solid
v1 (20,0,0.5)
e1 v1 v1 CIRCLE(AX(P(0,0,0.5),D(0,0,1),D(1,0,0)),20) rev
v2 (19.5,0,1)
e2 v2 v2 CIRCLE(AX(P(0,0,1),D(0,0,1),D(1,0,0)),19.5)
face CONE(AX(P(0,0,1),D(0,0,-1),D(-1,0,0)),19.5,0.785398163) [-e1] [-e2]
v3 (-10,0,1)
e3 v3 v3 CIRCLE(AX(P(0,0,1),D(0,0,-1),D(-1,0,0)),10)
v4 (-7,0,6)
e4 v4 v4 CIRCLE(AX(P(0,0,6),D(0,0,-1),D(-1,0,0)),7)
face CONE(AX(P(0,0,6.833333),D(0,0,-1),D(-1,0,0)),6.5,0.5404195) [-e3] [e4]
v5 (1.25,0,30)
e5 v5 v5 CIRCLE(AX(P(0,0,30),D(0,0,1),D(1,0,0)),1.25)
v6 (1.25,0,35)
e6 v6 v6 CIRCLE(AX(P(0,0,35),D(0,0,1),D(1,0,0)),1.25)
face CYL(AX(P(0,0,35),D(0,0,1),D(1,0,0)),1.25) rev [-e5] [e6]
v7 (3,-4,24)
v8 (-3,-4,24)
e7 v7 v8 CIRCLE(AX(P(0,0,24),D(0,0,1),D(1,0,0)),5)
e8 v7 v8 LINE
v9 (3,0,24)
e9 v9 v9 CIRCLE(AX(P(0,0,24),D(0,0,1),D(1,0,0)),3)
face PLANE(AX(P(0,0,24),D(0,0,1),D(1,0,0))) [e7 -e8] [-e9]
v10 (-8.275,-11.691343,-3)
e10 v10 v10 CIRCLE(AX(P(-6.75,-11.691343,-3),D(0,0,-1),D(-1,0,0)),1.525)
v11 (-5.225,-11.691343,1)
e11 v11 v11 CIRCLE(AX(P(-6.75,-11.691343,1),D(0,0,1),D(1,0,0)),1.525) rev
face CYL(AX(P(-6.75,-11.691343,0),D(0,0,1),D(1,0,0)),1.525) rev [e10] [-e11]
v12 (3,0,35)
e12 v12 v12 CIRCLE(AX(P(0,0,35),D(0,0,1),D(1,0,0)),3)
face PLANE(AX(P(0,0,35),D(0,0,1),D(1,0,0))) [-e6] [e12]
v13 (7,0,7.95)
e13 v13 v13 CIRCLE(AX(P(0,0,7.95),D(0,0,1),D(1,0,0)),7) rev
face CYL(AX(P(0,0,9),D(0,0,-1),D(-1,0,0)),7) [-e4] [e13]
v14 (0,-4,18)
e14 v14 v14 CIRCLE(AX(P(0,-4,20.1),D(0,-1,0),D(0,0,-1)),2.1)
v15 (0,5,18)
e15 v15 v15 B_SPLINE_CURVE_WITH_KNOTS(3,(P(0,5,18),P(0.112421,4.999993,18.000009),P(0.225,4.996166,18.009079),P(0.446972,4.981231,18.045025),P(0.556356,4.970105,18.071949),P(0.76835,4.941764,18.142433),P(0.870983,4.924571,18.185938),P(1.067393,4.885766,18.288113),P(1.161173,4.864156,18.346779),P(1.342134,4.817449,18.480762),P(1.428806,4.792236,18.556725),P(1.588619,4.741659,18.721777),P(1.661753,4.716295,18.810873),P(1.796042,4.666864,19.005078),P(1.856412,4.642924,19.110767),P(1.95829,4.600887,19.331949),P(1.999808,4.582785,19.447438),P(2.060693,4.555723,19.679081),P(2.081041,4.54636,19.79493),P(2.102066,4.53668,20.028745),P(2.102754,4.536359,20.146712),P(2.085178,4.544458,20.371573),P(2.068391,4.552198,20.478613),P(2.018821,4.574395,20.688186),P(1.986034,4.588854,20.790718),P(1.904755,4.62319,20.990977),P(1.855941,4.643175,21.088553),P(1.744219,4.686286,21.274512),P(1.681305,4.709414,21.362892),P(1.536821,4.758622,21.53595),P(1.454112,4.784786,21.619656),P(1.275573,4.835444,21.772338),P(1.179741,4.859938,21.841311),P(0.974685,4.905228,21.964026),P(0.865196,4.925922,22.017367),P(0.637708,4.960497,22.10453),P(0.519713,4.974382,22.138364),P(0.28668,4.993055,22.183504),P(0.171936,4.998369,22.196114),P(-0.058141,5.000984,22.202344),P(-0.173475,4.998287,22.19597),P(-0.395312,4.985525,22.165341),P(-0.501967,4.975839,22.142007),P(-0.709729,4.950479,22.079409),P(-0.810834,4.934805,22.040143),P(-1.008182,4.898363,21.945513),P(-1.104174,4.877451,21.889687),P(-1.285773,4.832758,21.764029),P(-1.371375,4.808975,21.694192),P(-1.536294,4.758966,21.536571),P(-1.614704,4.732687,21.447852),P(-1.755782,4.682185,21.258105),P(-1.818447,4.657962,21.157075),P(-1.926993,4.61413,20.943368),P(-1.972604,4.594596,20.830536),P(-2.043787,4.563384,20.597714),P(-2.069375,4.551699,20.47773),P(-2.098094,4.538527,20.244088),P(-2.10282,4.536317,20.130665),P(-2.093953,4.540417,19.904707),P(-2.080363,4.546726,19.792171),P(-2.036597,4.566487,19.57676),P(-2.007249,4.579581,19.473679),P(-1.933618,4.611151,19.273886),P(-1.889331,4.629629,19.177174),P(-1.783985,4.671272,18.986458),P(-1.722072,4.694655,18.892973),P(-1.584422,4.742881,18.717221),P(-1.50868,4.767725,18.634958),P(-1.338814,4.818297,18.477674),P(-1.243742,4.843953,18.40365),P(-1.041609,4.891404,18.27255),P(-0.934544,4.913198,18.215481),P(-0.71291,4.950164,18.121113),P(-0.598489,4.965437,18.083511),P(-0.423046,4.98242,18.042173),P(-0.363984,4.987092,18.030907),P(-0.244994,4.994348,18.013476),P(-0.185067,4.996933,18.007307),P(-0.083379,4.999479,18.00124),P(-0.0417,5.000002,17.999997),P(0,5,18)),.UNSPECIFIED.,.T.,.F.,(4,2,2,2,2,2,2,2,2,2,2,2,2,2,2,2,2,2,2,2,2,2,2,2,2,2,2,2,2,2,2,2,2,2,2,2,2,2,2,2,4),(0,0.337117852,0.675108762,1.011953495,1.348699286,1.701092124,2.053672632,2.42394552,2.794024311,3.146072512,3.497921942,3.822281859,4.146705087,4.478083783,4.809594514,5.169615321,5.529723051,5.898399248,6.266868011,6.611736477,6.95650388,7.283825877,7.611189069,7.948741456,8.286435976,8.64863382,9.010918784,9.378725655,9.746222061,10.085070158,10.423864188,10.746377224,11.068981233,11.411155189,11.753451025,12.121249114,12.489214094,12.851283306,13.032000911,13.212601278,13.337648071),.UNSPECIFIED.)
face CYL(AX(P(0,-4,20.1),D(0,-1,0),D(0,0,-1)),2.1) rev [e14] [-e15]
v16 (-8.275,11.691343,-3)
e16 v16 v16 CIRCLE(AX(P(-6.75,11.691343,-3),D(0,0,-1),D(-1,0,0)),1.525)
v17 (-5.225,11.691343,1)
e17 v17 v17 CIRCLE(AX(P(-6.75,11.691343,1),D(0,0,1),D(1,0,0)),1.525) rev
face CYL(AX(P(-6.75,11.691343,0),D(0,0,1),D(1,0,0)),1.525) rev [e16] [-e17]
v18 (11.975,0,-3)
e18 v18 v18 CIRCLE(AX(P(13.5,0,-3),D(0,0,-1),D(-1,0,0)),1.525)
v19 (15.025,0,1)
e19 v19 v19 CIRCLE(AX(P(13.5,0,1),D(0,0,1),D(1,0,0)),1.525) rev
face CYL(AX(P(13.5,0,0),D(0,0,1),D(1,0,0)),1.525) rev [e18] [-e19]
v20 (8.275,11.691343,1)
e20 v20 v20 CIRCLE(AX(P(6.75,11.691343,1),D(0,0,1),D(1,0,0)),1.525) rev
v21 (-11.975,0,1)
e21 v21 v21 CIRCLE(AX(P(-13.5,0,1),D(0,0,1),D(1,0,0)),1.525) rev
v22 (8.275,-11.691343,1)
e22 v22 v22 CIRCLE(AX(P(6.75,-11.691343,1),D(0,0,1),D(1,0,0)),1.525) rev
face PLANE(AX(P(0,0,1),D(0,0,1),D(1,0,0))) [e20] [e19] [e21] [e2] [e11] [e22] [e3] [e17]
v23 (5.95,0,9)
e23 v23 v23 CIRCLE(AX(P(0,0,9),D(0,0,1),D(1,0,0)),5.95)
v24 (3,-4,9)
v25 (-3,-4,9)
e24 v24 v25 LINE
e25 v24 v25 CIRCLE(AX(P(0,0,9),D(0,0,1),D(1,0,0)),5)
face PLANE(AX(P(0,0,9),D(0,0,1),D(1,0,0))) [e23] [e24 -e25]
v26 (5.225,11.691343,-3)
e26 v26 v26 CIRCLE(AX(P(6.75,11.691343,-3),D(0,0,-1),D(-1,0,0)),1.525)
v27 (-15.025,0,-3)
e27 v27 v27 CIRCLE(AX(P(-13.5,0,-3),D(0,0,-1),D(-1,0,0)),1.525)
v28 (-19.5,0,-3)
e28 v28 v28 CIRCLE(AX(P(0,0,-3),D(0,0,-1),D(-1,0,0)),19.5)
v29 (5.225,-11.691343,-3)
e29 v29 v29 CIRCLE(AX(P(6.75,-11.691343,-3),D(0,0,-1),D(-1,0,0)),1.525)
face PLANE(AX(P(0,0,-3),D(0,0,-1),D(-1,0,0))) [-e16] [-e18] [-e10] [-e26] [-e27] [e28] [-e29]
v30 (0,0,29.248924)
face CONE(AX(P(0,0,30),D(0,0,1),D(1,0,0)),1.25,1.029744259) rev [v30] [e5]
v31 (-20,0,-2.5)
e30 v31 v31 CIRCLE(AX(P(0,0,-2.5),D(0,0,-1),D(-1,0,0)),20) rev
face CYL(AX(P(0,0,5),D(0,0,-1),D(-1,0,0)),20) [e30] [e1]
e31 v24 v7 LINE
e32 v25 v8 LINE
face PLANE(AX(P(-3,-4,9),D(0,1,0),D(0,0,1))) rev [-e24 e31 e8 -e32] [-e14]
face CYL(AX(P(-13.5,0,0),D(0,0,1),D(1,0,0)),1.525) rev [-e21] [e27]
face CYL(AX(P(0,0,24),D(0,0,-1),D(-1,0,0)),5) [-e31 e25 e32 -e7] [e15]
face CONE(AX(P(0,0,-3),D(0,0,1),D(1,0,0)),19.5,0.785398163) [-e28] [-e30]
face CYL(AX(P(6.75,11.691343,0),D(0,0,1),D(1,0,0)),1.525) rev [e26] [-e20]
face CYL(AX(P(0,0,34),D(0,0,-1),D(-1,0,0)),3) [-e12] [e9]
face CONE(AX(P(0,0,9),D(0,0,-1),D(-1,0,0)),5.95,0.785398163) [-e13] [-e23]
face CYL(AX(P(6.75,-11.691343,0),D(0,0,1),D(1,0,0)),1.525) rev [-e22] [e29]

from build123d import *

# Parameters (mm, degrees)
SKETCH_1_R             = 20
EXTRUDE_1_DEPTH        = 5
SKETCH_2_R             = 1.525
CUT_EXTRUDE_1_DEPTH    = 5
SKETCH_3_R             = 7
EXTRUDE_2_DEPTH        = 4
SKETCH_4_R             = 5
EXTRUDE_3_DEPTH        = 15
CHAMFER_2_SIZE         = 1.05
CUT_EXTRUDE_2_DEPTH    = 15
SKETCH_7_R             = 3
EXTRUDE_4_DEPTH        = 10
SKETCH_8_R             = 20
SKETCH_8_R_2           = 7
CUT_EXTRUDE_3_DEPTH    = 1
SKETCH_9_R             = 20
SKETCH_9_R_2           = 1.525
EXTRUDE_5_DEPTH        = 3
SKETCH_10_R            = 20
SKETCH_10_R_2          = 7
CUT_EXTRUDE_4_DEPTH    = 3
SKETCH_11_R            = 3
EXTRUDE_6_DEPTH        = 1
HOLE_WIZARD_M3_1_D     = 2.5
HOLE_WIZARD_M3_1_DEPTH = 5
HOLE_WIZARD_M3_1_TIP   = 0.751075774
CHAMFER_3_SIZE         = 0.5
HOLE_WIZARD_M5_1_D     = 4.2
CHAMFER_4_SIZE         = 1


with BuildPart() as part:
    # 草图1 → 凸台-拉伸1 (new body)
    with BuildSketch(Plane.XY):
        Circle(SKETCH_1_R)
    extrude(amount=EXTRUDE_1_DEPTH)

    # 草图2 → 切除-拉伸1 (cut)
    with BuildSketch(Plane.XY.offset(5)):
        with Locations((13.5, 0)):
            Circle(SKETCH_2_R)
        with Locations((6.75, -11.691342951)):
            Circle(SKETCH_2_R)
        with Locations((-6.75, -11.691342951)):
            Circle(SKETCH_2_R)
        with Locations((-13.5, 0)):
            Circle(SKETCH_2_R)
        with Locations((-6.75, 11.691342951)):
            Circle(SKETCH_2_R)
        with Locations((6.75, 11.691342951)):
            Circle(SKETCH_2_R)
    extrude(amount=-CUT_EXTRUDE_1_DEPTH, mode=Mode.SUBTRACT)

    # 草图3 → 凸台-拉伸2 (add)
    with BuildSketch(Plane.XY.offset(5)):
        Circle(SKETCH_3_R)
    extrude(amount=EXTRUDE_2_DEPTH)

    # 草图4 → 凸台-拉伸3 (add)
    with BuildSketch(Plane.XY.offset(9)):
        Circle(SKETCH_4_R)
    extrude(amount=EXTRUDE_3_DEPTH)

    # 倒角2
    chamfer_2_edges = [part.edges().sort_by_distance(p)[0] for p in [
        (-7, 0, 9),
    ]]
    chamfer(chamfer_2_edges, length=CHAMFER_2_SIZE)

    # 草图6 → 切除-拉伸2 (cut)
    with BuildSketch(Plane.XY.offset(24)):
        with BuildLine():
            Line((-3, -4), (3, -4))
            ThreePointArc((3, -4), (0, -5), (-3, -4))
        make_face()
    extrude(amount=-CUT_EXTRUDE_2_DEPTH, mode=Mode.SUBTRACT)

    # 草图7 → 凸台-拉伸4 (add)
    with BuildSketch(Plane.XY.offset(24)):
        Circle(SKETCH_7_R)
    extrude(amount=EXTRUDE_4_DEPTH)

    # 草图8 → 切除-拉伸3 (cut)
    with BuildSketch(Plane.XY.offset(5)):
        Circle(SKETCH_8_R)
        Circle(SKETCH_8_R_2, mode=Mode.SUBTRACT)
    extrude(amount=-CUT_EXTRUDE_3_DEPTH, mode=Mode.SUBTRACT)

    # 草图9 → 凸台-拉伸5 (add)
    with BuildSketch(Plane(origin=(0, 0, 0), x_dir=(-1, 0, 0), z_dir=(0, 0, -1))):
        Circle(SKETCH_9_R)
        with Locations((6.75, 11.691342951)):
            Circle(SKETCH_9_R_2, mode=Mode.SUBTRACT)
        with Locations((13.5, 0)):
            Circle(SKETCH_9_R_2, mode=Mode.SUBTRACT)
        with Locations((6.75, -11.691342951)):
            Circle(SKETCH_9_R_2, mode=Mode.SUBTRACT)
        with Locations((-6.75, -11.691342951)):
            Circle(SKETCH_9_R_2, mode=Mode.SUBTRACT)
        with Locations((-13.5, 0)):
            Circle(SKETCH_9_R_2, mode=Mode.SUBTRACT)
        with Locations((-6.75, 11.691342951)):
            Circle(SKETCH_9_R_2, mode=Mode.SUBTRACT)
    extrude(amount=EXTRUDE_5_DEPTH)

    # 草图10 → 切除-拉伸4 (cut)
    with BuildSketch(Plane.XY.offset(4)):
        Circle(SKETCH_10_R)
        Circle(SKETCH_10_R_2, mode=Mode.SUBTRACT)
    extrude(amount=-CUT_EXTRUDE_4_DEPTH, mode=Mode.SUBTRACT)

    # 草图11 → 凸台-拉伸6 (add)
    with BuildSketch(Plane.XY.offset(34)):
        Circle(SKETCH_11_R)
    extrude(amount=EXTRUDE_6_DEPTH)

    # M3 螺纹孔1
    with Locations(Plane.XY.offset(35)):
        with Locations((0, 0)):
            Hole(HOLE_WIZARD_M3_1_D / 2, depth=HOLE_WIZARD_M3_1_DEPTH)
            with Locations((0, 0, -(HOLE_WIZARD_M3_1_DEPTH + HOLE_WIZARD_M3_1_TIP / 2))):  # 118° drill point
                Cone(0, HOLE_WIZARD_M3_1_D / 2, HOLE_WIZARD_M3_1_TIP, mode=Mode.SUBTRACT)

    # 倒角3
    chamfer_3_edges = [part.edges().sort_by_distance(p)[0] for p in [
        (-20, 0, 1),
        (20, 0, -3),
    ]]
    chamfer(chamfer_3_edges, length=CHAMFER_3_SIZE)

    # M5 螺纹孔1 (through all)
    with Locations(Plane(origin=(0, -4, 20.1), x_dir=(0, 0, -1), z_dir=(0, -1, 0))):
        with Locations((0, 0)):
            Hole(HOLE_WIZARD_M5_1_D / 2)

    # 倒角4
    chamfer_4_edges = [part.edges().sort_by_distance(p)[0] for p in [
        (-7, 0, 1),
    ]]
    chamfer(chamfer_4_edges, length=CHAMFER_4_SIZE)

    # 草图22 → 旋转2 (revolve)
    with BuildSketch(Plane(origin=(0, 0, 0), x_dir=(1, 0, 0), z_dir=(0, 1, 0))):
        Polygon((6.5, -6.833333333), (10, -1), (6.5, -1), align=None)
    revolve(axis=Axis((0, 0, 0), (0, 0, 1)))


solid = part.part
